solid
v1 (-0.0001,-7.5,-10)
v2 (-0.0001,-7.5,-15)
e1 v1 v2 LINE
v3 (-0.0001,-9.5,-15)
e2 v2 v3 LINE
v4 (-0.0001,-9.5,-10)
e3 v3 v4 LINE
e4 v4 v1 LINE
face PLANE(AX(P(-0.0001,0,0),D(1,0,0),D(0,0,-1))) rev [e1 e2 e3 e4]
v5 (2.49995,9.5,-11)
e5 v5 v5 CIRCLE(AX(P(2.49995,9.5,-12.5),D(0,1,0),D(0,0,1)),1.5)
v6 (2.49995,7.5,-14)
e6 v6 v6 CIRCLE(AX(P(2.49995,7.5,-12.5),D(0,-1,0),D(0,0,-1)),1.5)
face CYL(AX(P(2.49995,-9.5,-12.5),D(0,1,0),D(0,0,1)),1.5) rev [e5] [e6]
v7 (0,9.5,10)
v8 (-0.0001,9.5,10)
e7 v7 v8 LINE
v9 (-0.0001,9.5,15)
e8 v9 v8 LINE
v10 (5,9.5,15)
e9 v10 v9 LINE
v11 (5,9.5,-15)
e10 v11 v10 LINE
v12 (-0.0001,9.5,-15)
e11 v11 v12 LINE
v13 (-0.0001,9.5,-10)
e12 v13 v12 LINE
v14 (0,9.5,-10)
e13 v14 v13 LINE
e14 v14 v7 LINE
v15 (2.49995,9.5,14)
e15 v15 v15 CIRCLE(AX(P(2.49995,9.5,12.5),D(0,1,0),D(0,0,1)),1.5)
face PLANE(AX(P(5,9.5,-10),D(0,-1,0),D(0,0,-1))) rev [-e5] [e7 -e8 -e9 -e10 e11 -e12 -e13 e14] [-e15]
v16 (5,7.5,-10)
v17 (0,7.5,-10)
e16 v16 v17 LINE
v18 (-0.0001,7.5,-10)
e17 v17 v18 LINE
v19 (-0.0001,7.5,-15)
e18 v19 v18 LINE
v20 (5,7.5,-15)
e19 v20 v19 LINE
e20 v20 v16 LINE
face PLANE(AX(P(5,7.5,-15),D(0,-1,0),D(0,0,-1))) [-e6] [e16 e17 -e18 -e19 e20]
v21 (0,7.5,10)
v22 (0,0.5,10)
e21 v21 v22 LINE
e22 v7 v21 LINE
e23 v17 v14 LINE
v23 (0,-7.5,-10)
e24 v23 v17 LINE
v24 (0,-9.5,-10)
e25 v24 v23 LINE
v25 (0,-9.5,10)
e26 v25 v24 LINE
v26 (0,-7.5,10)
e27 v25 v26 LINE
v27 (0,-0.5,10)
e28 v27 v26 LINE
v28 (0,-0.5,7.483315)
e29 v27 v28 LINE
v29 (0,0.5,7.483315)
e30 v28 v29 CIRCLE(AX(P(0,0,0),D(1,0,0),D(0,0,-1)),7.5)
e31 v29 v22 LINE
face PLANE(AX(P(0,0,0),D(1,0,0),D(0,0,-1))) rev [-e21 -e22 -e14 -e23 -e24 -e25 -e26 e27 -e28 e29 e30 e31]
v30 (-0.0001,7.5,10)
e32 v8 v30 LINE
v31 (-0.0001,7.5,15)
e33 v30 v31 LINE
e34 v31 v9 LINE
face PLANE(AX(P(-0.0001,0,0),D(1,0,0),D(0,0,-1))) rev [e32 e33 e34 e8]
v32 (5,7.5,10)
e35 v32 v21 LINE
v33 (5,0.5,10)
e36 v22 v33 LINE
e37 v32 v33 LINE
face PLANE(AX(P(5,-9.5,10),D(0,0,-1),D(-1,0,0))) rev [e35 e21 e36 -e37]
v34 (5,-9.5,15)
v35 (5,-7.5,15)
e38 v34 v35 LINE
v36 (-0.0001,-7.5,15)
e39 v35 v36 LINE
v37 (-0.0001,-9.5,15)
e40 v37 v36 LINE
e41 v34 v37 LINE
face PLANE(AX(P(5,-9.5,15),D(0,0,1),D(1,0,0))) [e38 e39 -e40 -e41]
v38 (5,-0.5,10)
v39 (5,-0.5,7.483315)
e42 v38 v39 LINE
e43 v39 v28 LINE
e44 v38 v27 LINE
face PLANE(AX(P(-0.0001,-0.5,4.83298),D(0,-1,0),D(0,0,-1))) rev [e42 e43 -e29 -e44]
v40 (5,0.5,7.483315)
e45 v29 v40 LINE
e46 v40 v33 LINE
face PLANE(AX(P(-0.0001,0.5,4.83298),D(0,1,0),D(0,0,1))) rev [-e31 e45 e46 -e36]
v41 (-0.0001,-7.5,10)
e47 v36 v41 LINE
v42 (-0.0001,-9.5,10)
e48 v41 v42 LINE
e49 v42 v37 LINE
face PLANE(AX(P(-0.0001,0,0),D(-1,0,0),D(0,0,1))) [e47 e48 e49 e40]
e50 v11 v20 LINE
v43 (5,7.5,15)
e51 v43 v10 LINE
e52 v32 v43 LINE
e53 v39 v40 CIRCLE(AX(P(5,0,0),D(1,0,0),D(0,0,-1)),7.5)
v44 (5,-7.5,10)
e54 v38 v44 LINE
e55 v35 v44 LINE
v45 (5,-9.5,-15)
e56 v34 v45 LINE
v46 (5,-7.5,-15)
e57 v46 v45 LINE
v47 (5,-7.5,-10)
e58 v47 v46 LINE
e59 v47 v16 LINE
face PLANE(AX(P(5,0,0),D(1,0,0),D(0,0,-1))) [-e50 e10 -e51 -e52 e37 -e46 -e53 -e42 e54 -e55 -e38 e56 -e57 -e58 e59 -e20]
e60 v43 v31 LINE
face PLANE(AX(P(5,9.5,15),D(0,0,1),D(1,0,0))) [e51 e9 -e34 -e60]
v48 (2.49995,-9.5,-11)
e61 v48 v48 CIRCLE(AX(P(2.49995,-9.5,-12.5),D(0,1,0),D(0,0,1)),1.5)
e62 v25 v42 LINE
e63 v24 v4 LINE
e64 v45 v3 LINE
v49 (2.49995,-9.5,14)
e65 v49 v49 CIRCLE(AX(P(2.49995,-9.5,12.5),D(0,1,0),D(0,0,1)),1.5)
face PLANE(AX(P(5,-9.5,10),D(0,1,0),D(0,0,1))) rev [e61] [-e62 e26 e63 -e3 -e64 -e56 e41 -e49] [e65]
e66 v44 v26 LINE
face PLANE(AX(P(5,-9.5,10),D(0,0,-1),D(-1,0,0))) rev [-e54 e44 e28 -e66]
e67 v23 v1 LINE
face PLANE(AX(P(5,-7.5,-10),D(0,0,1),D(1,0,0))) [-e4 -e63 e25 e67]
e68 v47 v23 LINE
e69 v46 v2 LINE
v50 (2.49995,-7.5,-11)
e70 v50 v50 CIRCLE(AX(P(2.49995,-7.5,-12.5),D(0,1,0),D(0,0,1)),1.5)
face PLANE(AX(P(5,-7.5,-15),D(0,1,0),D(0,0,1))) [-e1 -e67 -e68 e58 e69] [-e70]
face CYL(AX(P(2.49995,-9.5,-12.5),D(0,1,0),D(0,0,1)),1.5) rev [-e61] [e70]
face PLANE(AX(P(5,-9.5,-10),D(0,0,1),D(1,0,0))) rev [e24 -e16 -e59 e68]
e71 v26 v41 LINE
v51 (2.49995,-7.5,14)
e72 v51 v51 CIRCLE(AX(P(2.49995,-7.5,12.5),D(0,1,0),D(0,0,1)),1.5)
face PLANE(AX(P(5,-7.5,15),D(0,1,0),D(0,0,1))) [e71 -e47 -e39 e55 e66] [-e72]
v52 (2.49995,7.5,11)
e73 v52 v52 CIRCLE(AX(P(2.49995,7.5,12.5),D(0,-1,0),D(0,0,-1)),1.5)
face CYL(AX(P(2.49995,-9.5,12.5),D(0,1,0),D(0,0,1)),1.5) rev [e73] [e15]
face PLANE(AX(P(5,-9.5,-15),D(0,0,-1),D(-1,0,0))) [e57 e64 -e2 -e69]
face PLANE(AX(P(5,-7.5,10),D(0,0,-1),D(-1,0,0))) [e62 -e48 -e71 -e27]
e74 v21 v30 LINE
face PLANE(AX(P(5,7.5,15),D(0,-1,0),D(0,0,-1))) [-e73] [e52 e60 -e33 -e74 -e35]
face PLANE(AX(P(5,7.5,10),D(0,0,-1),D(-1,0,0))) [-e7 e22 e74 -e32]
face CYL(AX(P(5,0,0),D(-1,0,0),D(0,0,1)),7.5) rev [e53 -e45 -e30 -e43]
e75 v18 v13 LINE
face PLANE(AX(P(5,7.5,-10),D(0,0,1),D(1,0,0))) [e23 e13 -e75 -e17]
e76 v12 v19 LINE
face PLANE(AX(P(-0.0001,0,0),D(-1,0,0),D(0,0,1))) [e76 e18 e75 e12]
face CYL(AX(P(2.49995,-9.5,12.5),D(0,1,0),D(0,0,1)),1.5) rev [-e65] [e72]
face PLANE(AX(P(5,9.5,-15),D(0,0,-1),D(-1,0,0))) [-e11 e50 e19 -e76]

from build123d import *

# Parameters (mm, degrees)
SKETCH_1_W           = 20
SKETCH_1_H           = 19
SKETCH_1_R           = 7.5
EXTRUDE_3_DEPTH      = 5
EXTRUDE_4_DEPTH      = 0.0001
EXTRUDE_4_DEPTH_BACK = 5
SKETCH_3_W           = 5
SKETCH_3_H           = 2
SKETCH_4_R           = 1.5
CUT_EXTRUDE_1_DEPTH  = 25.718414189
SKETCH_5_R           = 1.5
CUT_EXTRUDE_2_DEPTH  = 25.718414189
SKETCH_6_W           = 5.334039958
SKETCH_6_H           = 1
CUT_EXTRUDE_3_DEPTH  = 19.445893852


with BuildPart() as part:
    # 草图1 → 凸台-拉伸3 (new body)
    with BuildSketch(Plane(origin=(0, 0, 0), x_dir=(0, 0, -1), z_dir=(1, 0, 0))):
        Rectangle(SKETCH_1_W, SKETCH_1_H)
        Circle(SKETCH_1_R, mode=Mode.SUBTRACT)
    extrude(amount=EXTRUDE_3_DEPTH)

    # 草图3 → 凸台-拉伸4 (add, two sides: drawn at the far end of the back side and taken through both)
    with BuildSketch(Plane.ZY.offset(-EXTRUDE_4_DEPTH_BACK)):
        with Locations((12.5, 8.5)):
            Rectangle(SKETCH_3_W, SKETCH_3_H)
        with Locations((12.5, -8.5)):
            Rectangle(SKETCH_3_W, SKETCH_3_H)
        with Locations((-12.5, 8.5)):
            Rectangle(SKETCH_3_W, SKETCH_3_H)
        with Locations((-12.5, -8.5)):
            Rectangle(SKETCH_3_W, SKETCH_3_H)
    extrude(amount=EXTRUDE_4_DEPTH + EXTRUDE_4_DEPTH_BACK)

    # 草图4 → 切除-拉伸1 (cut, through all)
    with BuildSketch(Plane(origin=(0, 9.5, 0), x_dir=(1, 0, 0), z_dir=(0, 1, 0))):
        with Locations(Location((2.49995, -12.5, 0), (0, 0, 270))):
            Circle(SKETCH_4_R)
    extrude(amount=-CUT_EXTRUDE_1_DEPTH, mode=Mode.SUBTRACT)

    # 草图5 → 切除-拉伸2 (cut, through all)
    with BuildSketch(Plane(origin=(0, 9.5, 0), x_dir=(1, 0, 0), z_dir=(0, 1, 0))):
        with Locations(Location((2.49995, 12.5, 0), (0, 0, 270))):
            Circle(SKETCH_5_R)
    extrude(amount=-CUT_EXTRUDE_2_DEPTH, mode=Mode.SUBTRACT)

    # 草图6 → 切除-拉伸3 (cut, through all)
    with BuildSketch(Plane(origin=(5, 0, 0), x_dir=(0, 0, -1), z_dir=(1, 0, 0))):
        with Locations((-7.5, 0)):
            Rectangle(SKETCH_6_W, SKETCH_6_H)
    extrude(amount=-CUT_EXTRUDE_3_DEPTH, mode=Mode.SUBTRACT)


solid = part.part
